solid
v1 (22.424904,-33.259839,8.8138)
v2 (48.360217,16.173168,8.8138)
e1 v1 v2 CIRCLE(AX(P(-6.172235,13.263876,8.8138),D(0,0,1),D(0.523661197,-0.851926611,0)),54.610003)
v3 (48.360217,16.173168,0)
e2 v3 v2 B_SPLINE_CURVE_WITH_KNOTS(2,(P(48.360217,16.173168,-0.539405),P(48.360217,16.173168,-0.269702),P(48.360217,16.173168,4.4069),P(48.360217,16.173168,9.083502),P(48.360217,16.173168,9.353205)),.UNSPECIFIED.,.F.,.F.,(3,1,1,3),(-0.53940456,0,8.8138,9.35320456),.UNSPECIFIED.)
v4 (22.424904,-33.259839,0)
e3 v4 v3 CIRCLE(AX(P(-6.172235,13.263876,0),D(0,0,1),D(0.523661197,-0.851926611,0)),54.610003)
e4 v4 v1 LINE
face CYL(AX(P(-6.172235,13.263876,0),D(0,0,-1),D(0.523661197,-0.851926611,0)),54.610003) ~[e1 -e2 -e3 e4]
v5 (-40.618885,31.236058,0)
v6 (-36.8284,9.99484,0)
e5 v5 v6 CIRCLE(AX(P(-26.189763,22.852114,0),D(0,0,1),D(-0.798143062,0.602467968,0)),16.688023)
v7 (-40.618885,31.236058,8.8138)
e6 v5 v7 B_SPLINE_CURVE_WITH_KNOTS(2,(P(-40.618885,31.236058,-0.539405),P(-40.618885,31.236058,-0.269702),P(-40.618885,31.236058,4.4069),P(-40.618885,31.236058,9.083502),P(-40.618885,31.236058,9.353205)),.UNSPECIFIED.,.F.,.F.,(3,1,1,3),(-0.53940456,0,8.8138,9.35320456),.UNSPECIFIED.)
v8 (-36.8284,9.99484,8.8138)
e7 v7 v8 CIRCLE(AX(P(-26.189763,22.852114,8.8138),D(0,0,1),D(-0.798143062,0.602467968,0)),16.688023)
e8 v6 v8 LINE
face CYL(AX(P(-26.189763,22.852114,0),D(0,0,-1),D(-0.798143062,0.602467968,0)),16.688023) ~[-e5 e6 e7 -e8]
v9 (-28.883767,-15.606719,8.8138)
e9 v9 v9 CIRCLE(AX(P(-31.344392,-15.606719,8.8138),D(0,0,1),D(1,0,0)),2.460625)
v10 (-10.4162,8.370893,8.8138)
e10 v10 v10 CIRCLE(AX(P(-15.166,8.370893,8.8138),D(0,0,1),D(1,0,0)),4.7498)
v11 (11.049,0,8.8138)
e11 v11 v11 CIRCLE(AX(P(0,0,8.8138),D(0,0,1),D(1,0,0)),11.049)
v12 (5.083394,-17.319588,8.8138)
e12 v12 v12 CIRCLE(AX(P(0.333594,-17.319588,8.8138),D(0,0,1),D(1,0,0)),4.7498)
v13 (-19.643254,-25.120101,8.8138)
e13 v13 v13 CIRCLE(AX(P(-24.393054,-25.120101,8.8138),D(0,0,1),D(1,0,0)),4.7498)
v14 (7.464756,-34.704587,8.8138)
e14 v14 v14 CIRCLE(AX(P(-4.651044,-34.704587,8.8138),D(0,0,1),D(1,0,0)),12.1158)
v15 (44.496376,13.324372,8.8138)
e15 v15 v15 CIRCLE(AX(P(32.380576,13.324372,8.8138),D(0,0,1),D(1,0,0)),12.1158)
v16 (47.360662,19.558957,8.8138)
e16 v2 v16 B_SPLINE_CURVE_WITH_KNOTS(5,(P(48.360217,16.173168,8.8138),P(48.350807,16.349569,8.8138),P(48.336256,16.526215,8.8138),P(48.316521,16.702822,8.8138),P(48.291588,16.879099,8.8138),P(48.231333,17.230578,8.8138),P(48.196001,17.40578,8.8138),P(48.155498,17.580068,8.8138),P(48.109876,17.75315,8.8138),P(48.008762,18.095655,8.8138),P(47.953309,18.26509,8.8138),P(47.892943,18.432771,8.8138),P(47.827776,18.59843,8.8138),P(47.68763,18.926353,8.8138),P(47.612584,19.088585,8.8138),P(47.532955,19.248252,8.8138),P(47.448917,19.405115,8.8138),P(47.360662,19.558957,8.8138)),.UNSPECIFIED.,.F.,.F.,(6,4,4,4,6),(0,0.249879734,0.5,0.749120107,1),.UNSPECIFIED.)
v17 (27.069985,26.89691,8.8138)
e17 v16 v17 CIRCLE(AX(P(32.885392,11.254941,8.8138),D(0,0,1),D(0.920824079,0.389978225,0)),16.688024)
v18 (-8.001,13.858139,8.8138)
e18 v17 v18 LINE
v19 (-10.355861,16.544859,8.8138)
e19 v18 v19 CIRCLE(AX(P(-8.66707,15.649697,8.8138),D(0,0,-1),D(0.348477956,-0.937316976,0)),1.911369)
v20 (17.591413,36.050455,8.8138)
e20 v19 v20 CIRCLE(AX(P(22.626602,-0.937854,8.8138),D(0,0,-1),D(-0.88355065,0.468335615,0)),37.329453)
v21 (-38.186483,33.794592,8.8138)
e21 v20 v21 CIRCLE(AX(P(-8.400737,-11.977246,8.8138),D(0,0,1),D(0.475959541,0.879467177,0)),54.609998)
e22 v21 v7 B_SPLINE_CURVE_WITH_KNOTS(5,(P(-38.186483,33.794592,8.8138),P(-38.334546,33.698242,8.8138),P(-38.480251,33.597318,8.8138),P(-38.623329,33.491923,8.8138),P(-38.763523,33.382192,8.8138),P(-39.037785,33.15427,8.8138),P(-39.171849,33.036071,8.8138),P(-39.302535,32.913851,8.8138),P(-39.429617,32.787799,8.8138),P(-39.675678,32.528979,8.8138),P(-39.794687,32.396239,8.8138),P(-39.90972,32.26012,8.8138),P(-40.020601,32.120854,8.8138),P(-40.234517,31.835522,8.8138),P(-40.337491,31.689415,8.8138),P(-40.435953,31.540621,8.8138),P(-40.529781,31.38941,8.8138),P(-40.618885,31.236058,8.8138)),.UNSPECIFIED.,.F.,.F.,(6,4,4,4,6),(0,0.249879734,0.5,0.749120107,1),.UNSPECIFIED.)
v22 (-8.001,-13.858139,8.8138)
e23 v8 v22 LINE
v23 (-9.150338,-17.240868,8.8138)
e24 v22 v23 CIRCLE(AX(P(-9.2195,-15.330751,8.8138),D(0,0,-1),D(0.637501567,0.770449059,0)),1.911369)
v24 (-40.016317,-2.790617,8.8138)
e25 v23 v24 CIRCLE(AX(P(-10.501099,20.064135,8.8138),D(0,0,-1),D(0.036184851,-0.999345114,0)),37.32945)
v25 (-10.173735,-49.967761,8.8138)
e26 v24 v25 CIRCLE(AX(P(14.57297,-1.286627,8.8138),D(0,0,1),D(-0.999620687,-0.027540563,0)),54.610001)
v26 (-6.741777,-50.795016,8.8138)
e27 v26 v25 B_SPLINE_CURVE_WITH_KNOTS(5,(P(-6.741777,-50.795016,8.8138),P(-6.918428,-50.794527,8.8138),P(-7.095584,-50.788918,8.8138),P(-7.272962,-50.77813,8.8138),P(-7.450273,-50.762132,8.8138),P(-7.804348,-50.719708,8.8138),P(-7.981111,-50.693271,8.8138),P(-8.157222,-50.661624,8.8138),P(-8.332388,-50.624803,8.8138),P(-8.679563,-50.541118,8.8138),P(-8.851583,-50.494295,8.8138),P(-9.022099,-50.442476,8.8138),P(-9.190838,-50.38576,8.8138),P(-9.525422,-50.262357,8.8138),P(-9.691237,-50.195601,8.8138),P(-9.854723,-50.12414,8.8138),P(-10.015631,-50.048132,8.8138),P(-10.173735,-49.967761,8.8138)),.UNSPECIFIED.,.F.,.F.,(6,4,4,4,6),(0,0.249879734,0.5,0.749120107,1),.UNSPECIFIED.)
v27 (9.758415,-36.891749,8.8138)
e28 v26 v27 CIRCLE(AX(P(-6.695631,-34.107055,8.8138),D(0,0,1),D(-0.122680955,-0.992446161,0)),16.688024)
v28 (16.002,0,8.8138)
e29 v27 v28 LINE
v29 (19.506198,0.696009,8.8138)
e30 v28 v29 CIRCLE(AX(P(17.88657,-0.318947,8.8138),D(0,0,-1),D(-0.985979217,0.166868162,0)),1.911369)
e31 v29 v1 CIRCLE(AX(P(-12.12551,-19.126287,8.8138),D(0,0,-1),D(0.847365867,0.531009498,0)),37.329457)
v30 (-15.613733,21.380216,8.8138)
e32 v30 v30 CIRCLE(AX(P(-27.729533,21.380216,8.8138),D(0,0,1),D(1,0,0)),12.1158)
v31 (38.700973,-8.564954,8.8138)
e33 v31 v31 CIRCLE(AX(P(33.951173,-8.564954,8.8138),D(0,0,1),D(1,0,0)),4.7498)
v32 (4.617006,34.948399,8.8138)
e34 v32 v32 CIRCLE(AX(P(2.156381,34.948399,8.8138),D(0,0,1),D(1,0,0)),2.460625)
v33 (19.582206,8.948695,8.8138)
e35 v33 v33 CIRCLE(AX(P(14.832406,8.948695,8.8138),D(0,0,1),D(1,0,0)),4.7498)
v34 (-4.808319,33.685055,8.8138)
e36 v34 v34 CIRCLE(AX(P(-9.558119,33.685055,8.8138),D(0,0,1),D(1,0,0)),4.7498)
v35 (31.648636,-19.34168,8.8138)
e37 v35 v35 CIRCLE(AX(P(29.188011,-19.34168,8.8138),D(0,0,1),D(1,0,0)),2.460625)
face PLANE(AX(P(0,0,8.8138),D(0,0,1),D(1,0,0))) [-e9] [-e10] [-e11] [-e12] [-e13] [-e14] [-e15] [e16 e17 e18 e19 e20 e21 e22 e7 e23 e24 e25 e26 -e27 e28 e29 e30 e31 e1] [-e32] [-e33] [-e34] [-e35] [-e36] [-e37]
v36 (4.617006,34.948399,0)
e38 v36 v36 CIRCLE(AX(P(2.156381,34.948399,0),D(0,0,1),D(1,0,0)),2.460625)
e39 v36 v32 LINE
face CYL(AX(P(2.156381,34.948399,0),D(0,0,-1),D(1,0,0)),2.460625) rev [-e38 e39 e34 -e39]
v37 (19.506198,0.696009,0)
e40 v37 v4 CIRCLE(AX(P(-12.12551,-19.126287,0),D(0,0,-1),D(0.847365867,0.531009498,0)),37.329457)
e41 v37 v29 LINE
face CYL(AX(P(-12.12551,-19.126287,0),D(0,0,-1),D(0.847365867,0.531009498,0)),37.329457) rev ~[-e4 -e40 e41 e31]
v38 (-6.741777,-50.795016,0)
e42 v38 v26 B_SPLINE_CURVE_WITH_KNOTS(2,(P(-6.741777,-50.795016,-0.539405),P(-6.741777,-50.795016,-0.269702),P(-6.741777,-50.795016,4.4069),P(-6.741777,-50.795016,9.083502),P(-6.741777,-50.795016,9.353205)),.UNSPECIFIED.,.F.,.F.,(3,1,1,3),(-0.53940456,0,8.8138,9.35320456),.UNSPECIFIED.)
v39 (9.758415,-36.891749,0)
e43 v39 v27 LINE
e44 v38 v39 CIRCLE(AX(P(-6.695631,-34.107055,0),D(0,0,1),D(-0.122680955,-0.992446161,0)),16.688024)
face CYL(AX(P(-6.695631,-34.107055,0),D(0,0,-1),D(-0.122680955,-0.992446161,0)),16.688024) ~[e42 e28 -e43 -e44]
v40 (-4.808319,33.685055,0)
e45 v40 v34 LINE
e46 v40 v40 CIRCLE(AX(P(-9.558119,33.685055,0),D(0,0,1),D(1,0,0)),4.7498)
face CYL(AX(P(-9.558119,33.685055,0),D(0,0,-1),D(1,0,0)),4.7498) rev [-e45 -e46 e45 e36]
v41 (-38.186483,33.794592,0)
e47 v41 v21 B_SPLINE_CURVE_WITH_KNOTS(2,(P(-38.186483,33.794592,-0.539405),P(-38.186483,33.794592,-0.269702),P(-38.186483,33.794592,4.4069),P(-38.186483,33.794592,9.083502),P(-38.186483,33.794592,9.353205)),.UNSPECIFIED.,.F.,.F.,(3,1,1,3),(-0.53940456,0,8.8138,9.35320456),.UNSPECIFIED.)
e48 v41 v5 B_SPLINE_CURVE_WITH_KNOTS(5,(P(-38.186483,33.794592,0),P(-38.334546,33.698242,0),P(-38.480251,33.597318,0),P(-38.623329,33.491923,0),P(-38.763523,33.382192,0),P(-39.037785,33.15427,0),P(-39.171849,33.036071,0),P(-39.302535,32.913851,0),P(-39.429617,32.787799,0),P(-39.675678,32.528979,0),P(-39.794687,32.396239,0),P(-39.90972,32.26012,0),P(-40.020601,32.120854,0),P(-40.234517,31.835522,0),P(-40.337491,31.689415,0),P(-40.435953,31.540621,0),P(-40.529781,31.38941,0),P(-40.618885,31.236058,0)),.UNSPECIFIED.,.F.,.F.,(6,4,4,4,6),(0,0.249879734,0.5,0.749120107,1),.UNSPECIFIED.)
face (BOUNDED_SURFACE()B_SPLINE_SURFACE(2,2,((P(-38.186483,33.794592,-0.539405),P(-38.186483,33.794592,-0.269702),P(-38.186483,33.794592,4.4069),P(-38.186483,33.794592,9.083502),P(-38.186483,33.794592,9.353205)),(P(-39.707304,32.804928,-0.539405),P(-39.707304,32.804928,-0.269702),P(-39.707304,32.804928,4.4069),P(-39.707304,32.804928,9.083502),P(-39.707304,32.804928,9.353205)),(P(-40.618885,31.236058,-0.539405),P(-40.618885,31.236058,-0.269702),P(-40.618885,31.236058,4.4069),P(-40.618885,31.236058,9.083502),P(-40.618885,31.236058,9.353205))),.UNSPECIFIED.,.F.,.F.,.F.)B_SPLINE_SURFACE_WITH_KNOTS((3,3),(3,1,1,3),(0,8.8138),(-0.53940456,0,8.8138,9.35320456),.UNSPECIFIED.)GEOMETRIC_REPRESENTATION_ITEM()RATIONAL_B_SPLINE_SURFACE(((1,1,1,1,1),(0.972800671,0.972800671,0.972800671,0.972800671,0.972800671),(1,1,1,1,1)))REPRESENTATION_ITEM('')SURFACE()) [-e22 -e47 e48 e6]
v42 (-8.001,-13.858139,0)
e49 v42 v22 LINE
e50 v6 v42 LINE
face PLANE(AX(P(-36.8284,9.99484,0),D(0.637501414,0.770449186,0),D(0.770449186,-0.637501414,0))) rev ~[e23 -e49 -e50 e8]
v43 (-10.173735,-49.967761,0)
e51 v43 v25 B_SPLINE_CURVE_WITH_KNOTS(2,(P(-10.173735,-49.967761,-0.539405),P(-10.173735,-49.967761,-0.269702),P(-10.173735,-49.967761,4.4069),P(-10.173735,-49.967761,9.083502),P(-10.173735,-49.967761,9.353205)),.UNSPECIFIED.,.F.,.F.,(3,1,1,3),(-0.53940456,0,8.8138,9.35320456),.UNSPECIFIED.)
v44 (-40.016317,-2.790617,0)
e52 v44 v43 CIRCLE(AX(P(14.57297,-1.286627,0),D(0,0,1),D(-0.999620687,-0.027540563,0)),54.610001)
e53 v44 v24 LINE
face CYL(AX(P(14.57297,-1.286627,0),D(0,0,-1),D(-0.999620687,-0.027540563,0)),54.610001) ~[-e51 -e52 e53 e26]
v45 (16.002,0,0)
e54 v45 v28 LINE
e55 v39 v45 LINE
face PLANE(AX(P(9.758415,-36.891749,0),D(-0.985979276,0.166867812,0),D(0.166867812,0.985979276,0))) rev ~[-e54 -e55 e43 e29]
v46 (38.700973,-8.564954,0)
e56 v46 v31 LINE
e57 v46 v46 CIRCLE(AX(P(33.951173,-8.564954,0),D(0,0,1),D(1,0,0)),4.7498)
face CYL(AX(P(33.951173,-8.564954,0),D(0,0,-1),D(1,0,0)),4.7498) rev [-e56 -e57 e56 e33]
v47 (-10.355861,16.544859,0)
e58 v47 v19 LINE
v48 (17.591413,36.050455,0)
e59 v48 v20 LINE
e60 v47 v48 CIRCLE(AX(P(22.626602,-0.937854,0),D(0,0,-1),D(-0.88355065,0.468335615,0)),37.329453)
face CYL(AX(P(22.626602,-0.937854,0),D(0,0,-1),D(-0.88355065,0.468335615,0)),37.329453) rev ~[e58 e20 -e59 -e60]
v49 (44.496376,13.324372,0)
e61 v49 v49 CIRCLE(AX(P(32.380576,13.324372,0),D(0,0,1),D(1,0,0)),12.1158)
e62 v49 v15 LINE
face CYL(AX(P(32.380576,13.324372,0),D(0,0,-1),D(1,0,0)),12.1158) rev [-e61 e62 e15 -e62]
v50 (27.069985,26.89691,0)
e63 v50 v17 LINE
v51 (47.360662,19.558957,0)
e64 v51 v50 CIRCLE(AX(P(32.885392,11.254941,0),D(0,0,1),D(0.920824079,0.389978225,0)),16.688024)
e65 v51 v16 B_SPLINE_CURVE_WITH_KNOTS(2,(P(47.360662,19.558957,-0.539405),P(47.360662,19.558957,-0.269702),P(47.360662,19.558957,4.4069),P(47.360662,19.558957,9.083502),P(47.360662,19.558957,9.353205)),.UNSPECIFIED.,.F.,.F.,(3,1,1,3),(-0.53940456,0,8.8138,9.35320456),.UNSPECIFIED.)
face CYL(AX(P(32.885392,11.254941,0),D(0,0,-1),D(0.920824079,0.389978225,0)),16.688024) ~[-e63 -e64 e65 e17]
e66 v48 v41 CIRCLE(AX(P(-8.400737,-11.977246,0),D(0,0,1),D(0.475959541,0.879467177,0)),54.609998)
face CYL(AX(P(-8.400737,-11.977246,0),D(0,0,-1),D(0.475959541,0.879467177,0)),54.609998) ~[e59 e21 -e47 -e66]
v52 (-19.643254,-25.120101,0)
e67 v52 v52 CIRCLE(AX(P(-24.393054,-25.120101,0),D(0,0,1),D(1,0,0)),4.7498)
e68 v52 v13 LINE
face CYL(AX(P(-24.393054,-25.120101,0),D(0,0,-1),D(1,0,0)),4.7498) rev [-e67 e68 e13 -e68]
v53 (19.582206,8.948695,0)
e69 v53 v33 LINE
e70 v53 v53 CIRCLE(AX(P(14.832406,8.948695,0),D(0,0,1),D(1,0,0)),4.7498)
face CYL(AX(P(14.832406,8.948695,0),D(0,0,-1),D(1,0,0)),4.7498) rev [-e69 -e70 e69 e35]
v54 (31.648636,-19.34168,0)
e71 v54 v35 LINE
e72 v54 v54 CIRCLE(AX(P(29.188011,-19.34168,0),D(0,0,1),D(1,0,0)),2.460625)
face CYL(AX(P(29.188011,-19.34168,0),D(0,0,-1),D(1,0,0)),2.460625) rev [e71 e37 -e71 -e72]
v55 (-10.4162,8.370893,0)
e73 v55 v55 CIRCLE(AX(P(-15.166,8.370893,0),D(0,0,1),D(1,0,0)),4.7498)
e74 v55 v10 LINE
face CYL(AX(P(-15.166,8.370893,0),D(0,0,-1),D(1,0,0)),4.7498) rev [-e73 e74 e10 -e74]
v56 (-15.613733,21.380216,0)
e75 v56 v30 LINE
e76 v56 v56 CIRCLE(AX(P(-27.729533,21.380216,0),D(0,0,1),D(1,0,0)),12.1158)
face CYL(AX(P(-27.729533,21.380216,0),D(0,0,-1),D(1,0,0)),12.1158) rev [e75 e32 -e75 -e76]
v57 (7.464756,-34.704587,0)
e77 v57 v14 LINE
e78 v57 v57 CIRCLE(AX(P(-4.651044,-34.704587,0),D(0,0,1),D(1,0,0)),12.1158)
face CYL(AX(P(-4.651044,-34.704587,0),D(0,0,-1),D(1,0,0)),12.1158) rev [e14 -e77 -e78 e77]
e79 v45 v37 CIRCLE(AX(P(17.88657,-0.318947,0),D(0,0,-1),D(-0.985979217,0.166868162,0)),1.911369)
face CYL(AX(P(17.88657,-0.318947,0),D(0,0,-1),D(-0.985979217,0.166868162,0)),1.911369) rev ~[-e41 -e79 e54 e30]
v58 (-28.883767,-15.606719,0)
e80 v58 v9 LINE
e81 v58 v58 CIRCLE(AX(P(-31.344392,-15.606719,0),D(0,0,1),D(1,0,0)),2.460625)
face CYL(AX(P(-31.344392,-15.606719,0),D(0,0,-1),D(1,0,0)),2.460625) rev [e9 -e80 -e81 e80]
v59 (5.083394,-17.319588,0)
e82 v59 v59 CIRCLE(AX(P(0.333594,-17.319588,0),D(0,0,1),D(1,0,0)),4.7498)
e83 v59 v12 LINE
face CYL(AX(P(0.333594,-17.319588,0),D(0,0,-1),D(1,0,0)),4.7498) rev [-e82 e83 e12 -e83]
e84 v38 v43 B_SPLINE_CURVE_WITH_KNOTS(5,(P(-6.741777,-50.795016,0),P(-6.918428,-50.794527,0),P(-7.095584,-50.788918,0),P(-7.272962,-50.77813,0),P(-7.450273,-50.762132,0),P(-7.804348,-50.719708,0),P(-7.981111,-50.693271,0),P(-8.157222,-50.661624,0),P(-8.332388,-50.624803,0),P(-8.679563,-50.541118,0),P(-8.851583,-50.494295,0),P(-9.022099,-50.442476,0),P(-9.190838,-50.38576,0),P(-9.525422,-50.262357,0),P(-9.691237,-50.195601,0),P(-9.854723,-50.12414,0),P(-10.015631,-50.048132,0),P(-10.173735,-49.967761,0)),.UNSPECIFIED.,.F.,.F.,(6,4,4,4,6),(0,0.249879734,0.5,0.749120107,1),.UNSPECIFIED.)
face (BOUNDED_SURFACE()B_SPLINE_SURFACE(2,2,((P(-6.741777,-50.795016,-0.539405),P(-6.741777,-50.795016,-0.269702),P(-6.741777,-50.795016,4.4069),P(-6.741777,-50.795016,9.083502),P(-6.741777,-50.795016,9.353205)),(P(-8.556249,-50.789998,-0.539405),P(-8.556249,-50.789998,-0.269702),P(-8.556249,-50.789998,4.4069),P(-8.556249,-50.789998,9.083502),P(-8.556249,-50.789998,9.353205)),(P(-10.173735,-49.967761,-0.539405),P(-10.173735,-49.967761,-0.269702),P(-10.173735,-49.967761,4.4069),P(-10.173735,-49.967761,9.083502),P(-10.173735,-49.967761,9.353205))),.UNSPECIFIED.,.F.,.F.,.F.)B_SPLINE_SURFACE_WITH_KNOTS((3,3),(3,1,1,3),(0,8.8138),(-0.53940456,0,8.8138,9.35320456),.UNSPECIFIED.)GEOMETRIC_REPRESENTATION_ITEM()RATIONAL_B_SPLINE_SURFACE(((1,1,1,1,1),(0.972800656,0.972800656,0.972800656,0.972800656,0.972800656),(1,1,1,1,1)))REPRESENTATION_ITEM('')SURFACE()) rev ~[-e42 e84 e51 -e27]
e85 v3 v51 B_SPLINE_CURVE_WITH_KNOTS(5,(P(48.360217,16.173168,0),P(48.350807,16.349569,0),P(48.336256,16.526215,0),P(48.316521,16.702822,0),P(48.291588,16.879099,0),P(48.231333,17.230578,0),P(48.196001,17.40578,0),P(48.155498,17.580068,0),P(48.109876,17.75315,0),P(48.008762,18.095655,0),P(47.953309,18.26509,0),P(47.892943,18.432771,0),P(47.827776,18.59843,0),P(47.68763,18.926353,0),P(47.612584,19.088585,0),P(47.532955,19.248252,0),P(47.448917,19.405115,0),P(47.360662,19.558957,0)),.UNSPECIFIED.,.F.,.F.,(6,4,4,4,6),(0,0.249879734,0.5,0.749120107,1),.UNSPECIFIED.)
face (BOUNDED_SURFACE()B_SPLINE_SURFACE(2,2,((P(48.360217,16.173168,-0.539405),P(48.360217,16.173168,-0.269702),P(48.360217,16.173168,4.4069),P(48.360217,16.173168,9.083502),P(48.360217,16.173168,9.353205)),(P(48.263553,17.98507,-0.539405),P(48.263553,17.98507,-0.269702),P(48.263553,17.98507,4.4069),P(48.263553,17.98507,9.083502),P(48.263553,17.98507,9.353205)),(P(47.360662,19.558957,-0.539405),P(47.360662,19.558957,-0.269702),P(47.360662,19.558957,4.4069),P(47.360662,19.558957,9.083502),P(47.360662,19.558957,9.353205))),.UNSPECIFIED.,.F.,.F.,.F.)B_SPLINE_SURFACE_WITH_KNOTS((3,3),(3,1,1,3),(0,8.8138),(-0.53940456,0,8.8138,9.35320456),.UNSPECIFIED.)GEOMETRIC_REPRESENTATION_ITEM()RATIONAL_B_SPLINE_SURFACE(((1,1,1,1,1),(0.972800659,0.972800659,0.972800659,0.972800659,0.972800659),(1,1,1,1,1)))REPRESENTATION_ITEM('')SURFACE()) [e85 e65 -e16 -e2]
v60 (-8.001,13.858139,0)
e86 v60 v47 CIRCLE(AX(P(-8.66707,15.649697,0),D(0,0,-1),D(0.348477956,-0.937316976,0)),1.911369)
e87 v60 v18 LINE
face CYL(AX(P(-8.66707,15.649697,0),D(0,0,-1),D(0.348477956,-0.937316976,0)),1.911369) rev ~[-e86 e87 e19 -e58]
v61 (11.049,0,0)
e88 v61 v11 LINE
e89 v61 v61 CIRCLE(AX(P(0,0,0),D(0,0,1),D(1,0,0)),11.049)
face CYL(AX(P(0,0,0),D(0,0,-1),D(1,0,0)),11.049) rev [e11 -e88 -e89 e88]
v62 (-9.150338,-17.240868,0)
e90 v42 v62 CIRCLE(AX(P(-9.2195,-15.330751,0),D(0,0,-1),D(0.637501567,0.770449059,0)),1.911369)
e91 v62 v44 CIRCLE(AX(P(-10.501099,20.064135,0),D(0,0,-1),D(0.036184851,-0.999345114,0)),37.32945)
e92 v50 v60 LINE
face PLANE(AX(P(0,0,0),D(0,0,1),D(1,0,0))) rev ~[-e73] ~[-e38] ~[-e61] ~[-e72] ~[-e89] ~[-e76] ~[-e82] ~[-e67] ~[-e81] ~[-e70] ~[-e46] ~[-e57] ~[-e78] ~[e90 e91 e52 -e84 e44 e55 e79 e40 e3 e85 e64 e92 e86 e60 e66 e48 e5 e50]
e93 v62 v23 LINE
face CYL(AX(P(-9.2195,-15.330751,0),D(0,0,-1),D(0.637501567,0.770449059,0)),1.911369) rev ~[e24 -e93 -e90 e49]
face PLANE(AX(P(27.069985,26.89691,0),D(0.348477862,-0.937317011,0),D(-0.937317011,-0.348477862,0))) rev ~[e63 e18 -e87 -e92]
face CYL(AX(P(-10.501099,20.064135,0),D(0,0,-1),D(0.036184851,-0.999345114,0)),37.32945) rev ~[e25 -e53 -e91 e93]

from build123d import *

# Parameters (mm, degrees)
F0_R     = 4.7498
F0_R_2   = 2.460625
F0_R_3   = 12.1158
F0_R_4   = 11.049
F1_DEPTH = 8.8138
F2_R     = 7.62


with BuildPart() as f1:
    # F0 (on Top) → F1 (new body)
    with BuildSketch(Plane.XY):
        with BuildLine():
            ThreePointArc((22.424904, -33.259839), (42.551194, -11.399454), (48.252126, 17.762907))
            ThreePointArc((48.252126, 17.762907), (39.493301, 26.578964), (27.069985, 26.89691))
            Line((27.069985, 26.89691), (-8.001, 13.858139))
            ThreePointArc((-8.001, 13.858139), (-10.104465, 14.389846), (-10.355861, 16.544859))
            ThreePointArc((-10.355861, 16.544859), (1.261852, 29.673183), (17.591413, 36.050455))
            ThreePointArc((17.591413, 36.050455), (-11.40338, 42.550142), (-39.509192, 32.906113))
            ThreePointArc((-39.509192, 32.906113), (-42.764709, 20.91272), (-36.8284, 9.99484))
            Line((-36.8284, 9.99484), (-8.001, -13.858139))
            ThreePointArc((-8.001, -13.858139), (-7.40974, -15.945647), (-9.150338, -17.240868))
            ThreePointArc((-9.150338, -17.240868), (-26.328657, -13.743796), (-40.016317, -2.790617))
            ThreePointArc((-40.016317, -2.790617), (-31.147814, -31.150688), (-8.742934, -50.669021))
            ThreePointArc((-8.742934, -50.669021), (3.271408, -47.491684), (9.758415, -36.891749))
            Line((9.758415, -36.891749), (16.002, 0))
            ThreePointArc((16.002, 0), (17.514205, 1.5558), (19.506198, 0.696009))
            ThreePointArc((19.506198, 0.696009), (25.066804, -15.929388), (22.424904, -33.259839))
        make_face()
        with Locations((-24.393054, -25.120101)):
            Circle(F0_R, mode=Mode.SUBTRACT)
        with Locations((-31.344392, -15.606719)):
            Circle(F0_R_2, mode=Mode.SUBTRACT)
        with Locations((-4.651044, -34.704587)):
            Circle(F0_R_3, mode=Mode.SUBTRACT)
        with Locations((0.333594, -17.319588)):
            Circle(F0_R, mode=Mode.SUBTRACT)
        Circle(F0_R_4, mode=Mode.SUBTRACT)
        with Locations((-27.729533, 21.380216)):
            Circle(F0_R_3, mode=Mode.SUBTRACT)
        with Locations((-15.166, 8.370893)):
            Circle(F0_R, mode=Mode.SUBTRACT)
        with Locations((-9.558119, 33.685055)):
            Circle(F0_R, mode=Mode.SUBTRACT)
        with Locations((2.156381, 34.948399)):
            Circle(F0_R_2, mode=Mode.SUBTRACT)
        with Locations((29.188011, -19.34168)):
            Circle(F0_R_2, mode=Mode.SUBTRACT)
        with Locations((33.951173, -8.564954)):
            Circle(F0_R, mode=Mode.SUBTRACT)
        with Locations((14.832406, 8.948695)):
            Circle(F0_R, mode=Mode.SUBTRACT)
        with Locations((32.380576, 13.324372)):
            Circle(F0_R_3, mode=Mode.SUBTRACT)
    extrude(amount=F1_DEPTH)

    # F2
    f2_edges = [f1.edges().sort_by_distance(p)[0] for p in [
        (-39.509192, 32.906113, 4.4069),
        (48.252126, 17.762907, 4.4069),
        (-8.742934, -50.669021, 4.4069),
    ]]
    fillet(f2_edges, radius=F2_R)


solid = f1.part
